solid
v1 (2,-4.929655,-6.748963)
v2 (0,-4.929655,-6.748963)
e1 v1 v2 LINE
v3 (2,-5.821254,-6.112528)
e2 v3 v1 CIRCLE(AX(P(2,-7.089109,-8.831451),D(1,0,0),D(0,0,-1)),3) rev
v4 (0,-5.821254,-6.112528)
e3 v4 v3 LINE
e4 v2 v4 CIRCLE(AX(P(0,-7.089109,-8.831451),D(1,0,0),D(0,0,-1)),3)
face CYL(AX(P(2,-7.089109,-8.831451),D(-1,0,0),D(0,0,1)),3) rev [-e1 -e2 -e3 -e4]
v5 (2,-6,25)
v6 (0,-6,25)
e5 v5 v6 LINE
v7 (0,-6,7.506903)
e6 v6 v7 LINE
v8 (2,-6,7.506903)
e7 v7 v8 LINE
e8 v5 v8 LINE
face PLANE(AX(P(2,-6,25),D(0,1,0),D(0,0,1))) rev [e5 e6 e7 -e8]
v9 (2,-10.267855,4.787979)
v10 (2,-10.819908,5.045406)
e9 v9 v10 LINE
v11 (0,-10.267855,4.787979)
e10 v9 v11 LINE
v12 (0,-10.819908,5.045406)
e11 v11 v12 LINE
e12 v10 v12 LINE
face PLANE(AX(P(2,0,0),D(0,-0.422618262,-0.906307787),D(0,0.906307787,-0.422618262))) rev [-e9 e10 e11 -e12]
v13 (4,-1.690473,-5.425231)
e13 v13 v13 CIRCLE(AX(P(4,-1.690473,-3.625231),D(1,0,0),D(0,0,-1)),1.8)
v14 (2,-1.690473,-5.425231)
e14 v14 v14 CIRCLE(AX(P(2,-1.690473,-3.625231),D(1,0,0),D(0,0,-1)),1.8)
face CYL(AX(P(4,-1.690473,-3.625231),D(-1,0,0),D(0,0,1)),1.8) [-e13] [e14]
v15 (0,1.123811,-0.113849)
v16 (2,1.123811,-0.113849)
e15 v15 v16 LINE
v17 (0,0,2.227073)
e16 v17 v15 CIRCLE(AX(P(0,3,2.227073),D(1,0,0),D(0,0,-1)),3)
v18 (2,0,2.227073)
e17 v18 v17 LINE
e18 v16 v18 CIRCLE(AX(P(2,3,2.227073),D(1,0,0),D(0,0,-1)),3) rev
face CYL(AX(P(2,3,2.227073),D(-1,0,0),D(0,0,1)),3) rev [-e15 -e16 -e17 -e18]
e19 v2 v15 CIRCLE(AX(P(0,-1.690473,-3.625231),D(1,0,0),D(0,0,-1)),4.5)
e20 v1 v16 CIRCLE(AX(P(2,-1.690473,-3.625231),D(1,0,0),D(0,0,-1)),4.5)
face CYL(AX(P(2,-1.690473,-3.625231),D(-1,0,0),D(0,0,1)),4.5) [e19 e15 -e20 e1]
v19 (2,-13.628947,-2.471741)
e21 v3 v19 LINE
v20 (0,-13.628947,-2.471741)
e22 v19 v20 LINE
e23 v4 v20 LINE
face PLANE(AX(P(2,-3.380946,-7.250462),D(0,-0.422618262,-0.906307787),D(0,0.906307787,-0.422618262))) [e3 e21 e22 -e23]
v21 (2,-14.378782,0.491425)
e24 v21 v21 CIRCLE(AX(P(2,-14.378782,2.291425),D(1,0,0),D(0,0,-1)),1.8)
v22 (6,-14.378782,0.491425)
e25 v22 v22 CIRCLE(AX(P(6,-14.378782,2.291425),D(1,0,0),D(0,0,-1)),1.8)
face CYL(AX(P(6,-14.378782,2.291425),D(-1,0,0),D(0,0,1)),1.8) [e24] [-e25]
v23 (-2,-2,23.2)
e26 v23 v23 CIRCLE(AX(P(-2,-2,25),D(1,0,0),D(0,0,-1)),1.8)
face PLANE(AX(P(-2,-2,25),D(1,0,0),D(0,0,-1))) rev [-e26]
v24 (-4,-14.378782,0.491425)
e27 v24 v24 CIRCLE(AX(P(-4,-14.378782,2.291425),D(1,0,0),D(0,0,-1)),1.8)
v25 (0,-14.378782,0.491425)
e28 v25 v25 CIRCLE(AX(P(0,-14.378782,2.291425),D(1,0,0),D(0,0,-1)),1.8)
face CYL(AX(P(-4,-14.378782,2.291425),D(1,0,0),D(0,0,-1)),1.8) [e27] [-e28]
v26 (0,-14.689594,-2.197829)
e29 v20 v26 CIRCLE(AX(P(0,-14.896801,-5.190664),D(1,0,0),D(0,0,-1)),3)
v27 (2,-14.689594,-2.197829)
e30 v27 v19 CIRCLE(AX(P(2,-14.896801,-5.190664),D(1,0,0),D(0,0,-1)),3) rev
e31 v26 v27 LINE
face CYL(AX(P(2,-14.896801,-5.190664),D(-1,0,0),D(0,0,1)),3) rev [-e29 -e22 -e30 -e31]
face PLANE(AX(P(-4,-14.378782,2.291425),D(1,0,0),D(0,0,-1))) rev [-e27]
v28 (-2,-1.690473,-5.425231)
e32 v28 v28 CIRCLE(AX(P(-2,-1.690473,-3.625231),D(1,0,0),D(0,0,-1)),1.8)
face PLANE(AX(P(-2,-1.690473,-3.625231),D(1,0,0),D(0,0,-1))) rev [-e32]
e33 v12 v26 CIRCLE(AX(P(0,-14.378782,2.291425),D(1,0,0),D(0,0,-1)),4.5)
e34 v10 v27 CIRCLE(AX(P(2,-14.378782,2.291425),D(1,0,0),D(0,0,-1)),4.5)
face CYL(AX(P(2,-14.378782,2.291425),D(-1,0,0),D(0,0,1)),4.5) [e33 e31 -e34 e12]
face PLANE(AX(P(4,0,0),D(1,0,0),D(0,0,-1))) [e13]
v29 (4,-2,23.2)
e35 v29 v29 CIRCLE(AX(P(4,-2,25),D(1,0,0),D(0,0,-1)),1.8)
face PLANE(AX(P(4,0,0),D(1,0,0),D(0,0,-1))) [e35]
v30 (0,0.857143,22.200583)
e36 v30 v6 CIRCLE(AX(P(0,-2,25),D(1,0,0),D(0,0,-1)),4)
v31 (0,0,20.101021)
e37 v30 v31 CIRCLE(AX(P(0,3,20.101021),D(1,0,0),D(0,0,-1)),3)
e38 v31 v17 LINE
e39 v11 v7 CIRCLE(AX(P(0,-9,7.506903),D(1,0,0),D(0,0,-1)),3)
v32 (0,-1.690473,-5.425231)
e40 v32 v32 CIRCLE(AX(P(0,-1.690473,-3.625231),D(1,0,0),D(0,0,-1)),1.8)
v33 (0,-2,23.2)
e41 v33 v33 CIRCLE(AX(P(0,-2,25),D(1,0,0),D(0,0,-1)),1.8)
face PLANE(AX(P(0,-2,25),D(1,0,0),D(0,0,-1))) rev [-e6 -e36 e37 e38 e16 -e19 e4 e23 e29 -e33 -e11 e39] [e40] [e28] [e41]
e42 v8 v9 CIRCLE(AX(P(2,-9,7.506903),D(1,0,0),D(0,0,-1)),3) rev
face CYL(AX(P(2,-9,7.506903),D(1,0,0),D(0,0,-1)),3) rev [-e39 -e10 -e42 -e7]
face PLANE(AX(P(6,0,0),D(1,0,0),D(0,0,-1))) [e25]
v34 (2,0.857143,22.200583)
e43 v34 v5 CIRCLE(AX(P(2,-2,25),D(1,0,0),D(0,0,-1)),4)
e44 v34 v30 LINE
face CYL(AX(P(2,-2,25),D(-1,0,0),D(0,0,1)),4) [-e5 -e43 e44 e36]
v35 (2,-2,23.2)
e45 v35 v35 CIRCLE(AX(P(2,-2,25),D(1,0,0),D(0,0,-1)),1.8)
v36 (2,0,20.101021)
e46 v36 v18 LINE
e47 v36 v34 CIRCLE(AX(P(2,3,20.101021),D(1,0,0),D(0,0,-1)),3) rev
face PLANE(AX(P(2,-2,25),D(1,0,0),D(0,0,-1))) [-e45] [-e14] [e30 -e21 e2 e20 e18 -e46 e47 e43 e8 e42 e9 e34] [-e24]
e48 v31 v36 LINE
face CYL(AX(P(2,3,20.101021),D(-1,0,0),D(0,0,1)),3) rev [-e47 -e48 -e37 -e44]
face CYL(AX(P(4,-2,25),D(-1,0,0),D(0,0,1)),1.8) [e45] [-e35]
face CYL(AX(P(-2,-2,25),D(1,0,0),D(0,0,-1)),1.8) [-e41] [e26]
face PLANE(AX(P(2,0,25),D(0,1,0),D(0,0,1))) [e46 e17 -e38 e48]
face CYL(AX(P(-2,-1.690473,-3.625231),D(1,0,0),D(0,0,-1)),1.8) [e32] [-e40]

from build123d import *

# Parameters (mm, degrees)
EXTRUDE_1_DEPTH     = 2
SKETCH_1_3_R        = 2
CUT_EXTRUDE_1_DEPTH = 35.66133887
FILLET_1_R          = 3
EXTRUDE_START       = -2
SKETCH_2_R          = 2
EXTRUDE_2_DEPTH     = 2
SKETCH_2_5_R        = 1.8
EXTRUDE_5_DEPTH     = 2
EXTRUDE_START_2     = -4
SKETCH_2_6_R        = 1.8
EXTRUDE_6_DEPTH     = 2
SKETCH_2_7_R        = 1.8
EXTRUDE_7_DEPTH     = 4
EXTRUDE_START_3     = -6
SKETCH_2_8_R        = 1.8
EXTRUDE_8_DEPTH     = 4


with BuildPart() as part:
    # 草图1 → 凸台-拉伸1 (new body)
    with BuildSketch(Plane(origin=(0, 0, 0), x_dir=(0, 0, -1), z_dir=(1, 0, 0))):
        with BuildLine():
            Line((-25, -6), (-25, 0))
            Line((-25, 0), (-21.535898385, 0))
            ThreePointArc((-21.535898385, 0), (-28.464101615, 0), (-25, -6))
        make_face()
        with BuildLine():
            Line((-21.535898385, 0), (-25, 0))
            Line((-25, 0), (-25, -6))
            ThreePointArc((-25, -6), (-22.171572875, -4.828427125), (-21, -2))
            ThreePointArc((-21, -2), (-21.136296695, -0.96472382), (-21.535898385, 0))
        make_face()
        with BuildLine():
            Line((-0.545176611, 0), (-21.535898385, 0))
            ThreePointArc((-21.535898385, 0), (-21.136296695, -0.96472382), (-21, -2))
            ThreePointArc((-21, -2), (-22.171572875, -4.828427125), (-25, -6))
            Line((-25, -6), (-2.797845949, -6))
            Line((-2.797845949, -6), (-0.871249866, -1.868401368))
            ThreePointArc((-0.871249866, -1.868401368), (-0.807766841, -0.916826597), (-0.545176611, 0))
        make_face()
        with BuildLine():
            ThreePointArc((8.125231148, -1.690473047), (4.486383017, 2.726360373), (-0.545176611, 0))
            Line((-0.545176611, 0), (0, 0))
            Line((0, 0), (7.250462296, -3.380946094))
            Line((7.250462296, -3.380946094), (6.37921243, -5.249347462))
            ThreePointArc((6.37921243, -5.249347462), (7.66521356, -3.67252807), (8.125231148, -1.690473047))
        make_face()
        with BuildLine():
            Line((0, 0), (-0.545176611, 0))
            ThreePointArc((-0.545176611, 0), (-0.807766841, -0.916826597), (-0.871249866, -1.868401368))
            Line((-0.871249866, -1.868401368), (0, 0))
        make_face()
        with BuildLine():
            Line((-0.871249866, -1.868401368), (-2.797845949, -6))
            Line((-2.797845949, -6), (0, -6))
            Line((0, -6), (0, -4.356499889))
            ThreePointArc((0, -4.356499889), (-0.621910323, -3.177681615), (-0.871249866, -1.868401368))
        make_face()
        with BuildLine():
            Line((0, -6), (-2.797845949, -6))
            Line((-2.797845949, -6), (-5.045405798, -10.819907651))
            ThreePointArc((-5.045405798, -10.819907651), (-0.389642338, -10.300397024), (2.205056498, -14.200853745))
            Line((2.205056498, -14.200853745), (6.37921243, -5.249347462))
            ThreePointArc((6.37921243, -5.249347462), (3.001481776, -6.147034134), (0, -4.356499889))
            Line((0, -4.356499889), (0, -6))
        make_face()
        with BuildLine():
            Line((7.250462296, -3.380946094), (0, 0))
            Line((0, 0), (0, -4.356499889))
            ThreePointArc((0, -4.356499889), (3.001481776, -6.147034134), (6.37921243, -5.249347462))
            Line((6.37921243, -5.249347462), (7.250462296, -3.380946094))
        make_face()
        with BuildLine():
            Line((0, -4.356499889), (0, 0))
            Line((0, 0), (-0.871249866, -1.868401368))
            ThreePointArc((-0.871249866, -1.868401368), (-0.621910323, -3.177681615), (0, -4.356499889))
        make_face()
        with BuildLine():
            ThreePointArc((2.205056498, -14.200853745), (-0.389642338, -10.300397024), (-5.045405798, -10.819907651))
            Line((-5.045405798, -10.819907651), (-5.916655664, -12.688309019))
            Line((-5.916655664, -12.688309019), (1.333806632, -16.069255112))
            Line((1.333806632, -16.069255112), (2.205056498, -14.200853745))
        make_face()
        with BuildLine():
            Line((-5.916655664, -12.688309019), (-5.045405798, -10.819907651))
            ThreePointArc((-5.045405798, -10.819907651), (-4.27347954, -18.418764477), (2.208575484, -14.378782065))
            ThreePointArc((2.208575484, -14.378782065), (2.207695651, -14.289800508), (2.205056498, -14.200853745))
            Line((2.205056498, -14.200853745), (1.333806632, -16.069255112))
            Line((1.333806632, -16.069255112), (-5.916655664, -12.688309019))
        make_face()
    extrude(amount=EXTRUDE_1_DEPTH)

    # 草图1<3> → 切除-拉伸1 (cut, through all)
    with BuildSketch(Plane(origin=(0, 0, 0), x_dir=(0, 0, -1), z_dir=(1, 0, 0))):
        with Locations((-25, -2)):
            Circle(SKETCH_1_3_R)
        with Locations((3.625231148, -1.690473047)):
            Circle(SKETCH_1_3_R)
        with Locations((-2.291424516, -14.378782065)):
            Circle(SKETCH_1_3_R)
    extrude(amount=CUT_EXTRUDE_1_DEPTH, mode=Mode.SUBTRACT)

    # 圆角1
    fillet_1_edges = [part.edges().sort_by_distance(p)[0] for p in [
        (1, -6, 2.797845949),
        (1, 0, 0.545176611),
        (1, -5.249347462, -6.37921243),
        (1, -14.200853745, -2.205056498),
        (1, 0, 21.535898385),
    ]]
    fillet(fillet_1_edges, radius=FILLET_1_R)

    # 草图2 → 凸台-拉伸2 (add)
    with BuildSketch(Plane(origin=(2, 0, 0), x_dir=(0, 0, -1), z_dir=(1, 0, 0)).offset(EXTRUDE_START)):
        with Locations((3.625231148, -1.690473047)):
            Circle(SKETCH_2_R)
        with Locations((-2.291424516, -14.378782065)):
            Circle(SKETCH_2_R)
        with Locations((-25, -2)):
            Circle(SKETCH_2_R)
    extrude(amount=EXTRUDE_2_DEPTH)

    # 草图2<5> → 凸台-拉伸5 (add)
    with BuildSketch(Plane(origin=(2, 0, 0), x_dir=(0, 0, -1), z_dir=(1, 0, 0))):
        with Locations((-25, -2)):
            Circle(SKETCH_2_5_R)
        with Locations((3.625231148, -1.690473047)):
            Circle(SKETCH_2_5_R)
    extrude(amount=EXTRUDE_5_DEPTH)

    # 草图2<6> → 凸台-拉伸6 (add)
    with BuildSketch(Plane(origin=(2, 0, 0), x_dir=(0, 0, -1), z_dir=(1, 0, 0)).offset(EXTRUDE_START_2)):
        with Locations((-25, -2)):
            Circle(SKETCH_2_6_R)
        with Locations((3.625231148, -1.690473047)):
            Circle(SKETCH_2_6_R)
    extrude(amount=EXTRUDE_6_DEPTH)

    # 草图2<7> → 凸台-拉伸7 (add)
    with BuildSketch(Plane(origin=(2, 0, 0), x_dir=(0, 0, -1), z_dir=(1, 0, 0))):
        with Locations((-2.291424516, -14.378782065)):
            Circle(SKETCH_2_7_R)
    extrude(amount=EXTRUDE_7_DEPTH)

    # 草图2<8> → 凸台-拉伸8 (add)
    with BuildSketch(Plane(origin=(2, 0, 0), x_dir=(0, 0, -1), z_dir=(1, 0, 0)).offset(EXTRUDE_START_3)):
        with Locations((-2.291424516, -14.378782065)):
            Circle(SKETCH_2_8_R)
    extrude(amount=EXTRUDE_8_DEPTH)


solid = part.part
